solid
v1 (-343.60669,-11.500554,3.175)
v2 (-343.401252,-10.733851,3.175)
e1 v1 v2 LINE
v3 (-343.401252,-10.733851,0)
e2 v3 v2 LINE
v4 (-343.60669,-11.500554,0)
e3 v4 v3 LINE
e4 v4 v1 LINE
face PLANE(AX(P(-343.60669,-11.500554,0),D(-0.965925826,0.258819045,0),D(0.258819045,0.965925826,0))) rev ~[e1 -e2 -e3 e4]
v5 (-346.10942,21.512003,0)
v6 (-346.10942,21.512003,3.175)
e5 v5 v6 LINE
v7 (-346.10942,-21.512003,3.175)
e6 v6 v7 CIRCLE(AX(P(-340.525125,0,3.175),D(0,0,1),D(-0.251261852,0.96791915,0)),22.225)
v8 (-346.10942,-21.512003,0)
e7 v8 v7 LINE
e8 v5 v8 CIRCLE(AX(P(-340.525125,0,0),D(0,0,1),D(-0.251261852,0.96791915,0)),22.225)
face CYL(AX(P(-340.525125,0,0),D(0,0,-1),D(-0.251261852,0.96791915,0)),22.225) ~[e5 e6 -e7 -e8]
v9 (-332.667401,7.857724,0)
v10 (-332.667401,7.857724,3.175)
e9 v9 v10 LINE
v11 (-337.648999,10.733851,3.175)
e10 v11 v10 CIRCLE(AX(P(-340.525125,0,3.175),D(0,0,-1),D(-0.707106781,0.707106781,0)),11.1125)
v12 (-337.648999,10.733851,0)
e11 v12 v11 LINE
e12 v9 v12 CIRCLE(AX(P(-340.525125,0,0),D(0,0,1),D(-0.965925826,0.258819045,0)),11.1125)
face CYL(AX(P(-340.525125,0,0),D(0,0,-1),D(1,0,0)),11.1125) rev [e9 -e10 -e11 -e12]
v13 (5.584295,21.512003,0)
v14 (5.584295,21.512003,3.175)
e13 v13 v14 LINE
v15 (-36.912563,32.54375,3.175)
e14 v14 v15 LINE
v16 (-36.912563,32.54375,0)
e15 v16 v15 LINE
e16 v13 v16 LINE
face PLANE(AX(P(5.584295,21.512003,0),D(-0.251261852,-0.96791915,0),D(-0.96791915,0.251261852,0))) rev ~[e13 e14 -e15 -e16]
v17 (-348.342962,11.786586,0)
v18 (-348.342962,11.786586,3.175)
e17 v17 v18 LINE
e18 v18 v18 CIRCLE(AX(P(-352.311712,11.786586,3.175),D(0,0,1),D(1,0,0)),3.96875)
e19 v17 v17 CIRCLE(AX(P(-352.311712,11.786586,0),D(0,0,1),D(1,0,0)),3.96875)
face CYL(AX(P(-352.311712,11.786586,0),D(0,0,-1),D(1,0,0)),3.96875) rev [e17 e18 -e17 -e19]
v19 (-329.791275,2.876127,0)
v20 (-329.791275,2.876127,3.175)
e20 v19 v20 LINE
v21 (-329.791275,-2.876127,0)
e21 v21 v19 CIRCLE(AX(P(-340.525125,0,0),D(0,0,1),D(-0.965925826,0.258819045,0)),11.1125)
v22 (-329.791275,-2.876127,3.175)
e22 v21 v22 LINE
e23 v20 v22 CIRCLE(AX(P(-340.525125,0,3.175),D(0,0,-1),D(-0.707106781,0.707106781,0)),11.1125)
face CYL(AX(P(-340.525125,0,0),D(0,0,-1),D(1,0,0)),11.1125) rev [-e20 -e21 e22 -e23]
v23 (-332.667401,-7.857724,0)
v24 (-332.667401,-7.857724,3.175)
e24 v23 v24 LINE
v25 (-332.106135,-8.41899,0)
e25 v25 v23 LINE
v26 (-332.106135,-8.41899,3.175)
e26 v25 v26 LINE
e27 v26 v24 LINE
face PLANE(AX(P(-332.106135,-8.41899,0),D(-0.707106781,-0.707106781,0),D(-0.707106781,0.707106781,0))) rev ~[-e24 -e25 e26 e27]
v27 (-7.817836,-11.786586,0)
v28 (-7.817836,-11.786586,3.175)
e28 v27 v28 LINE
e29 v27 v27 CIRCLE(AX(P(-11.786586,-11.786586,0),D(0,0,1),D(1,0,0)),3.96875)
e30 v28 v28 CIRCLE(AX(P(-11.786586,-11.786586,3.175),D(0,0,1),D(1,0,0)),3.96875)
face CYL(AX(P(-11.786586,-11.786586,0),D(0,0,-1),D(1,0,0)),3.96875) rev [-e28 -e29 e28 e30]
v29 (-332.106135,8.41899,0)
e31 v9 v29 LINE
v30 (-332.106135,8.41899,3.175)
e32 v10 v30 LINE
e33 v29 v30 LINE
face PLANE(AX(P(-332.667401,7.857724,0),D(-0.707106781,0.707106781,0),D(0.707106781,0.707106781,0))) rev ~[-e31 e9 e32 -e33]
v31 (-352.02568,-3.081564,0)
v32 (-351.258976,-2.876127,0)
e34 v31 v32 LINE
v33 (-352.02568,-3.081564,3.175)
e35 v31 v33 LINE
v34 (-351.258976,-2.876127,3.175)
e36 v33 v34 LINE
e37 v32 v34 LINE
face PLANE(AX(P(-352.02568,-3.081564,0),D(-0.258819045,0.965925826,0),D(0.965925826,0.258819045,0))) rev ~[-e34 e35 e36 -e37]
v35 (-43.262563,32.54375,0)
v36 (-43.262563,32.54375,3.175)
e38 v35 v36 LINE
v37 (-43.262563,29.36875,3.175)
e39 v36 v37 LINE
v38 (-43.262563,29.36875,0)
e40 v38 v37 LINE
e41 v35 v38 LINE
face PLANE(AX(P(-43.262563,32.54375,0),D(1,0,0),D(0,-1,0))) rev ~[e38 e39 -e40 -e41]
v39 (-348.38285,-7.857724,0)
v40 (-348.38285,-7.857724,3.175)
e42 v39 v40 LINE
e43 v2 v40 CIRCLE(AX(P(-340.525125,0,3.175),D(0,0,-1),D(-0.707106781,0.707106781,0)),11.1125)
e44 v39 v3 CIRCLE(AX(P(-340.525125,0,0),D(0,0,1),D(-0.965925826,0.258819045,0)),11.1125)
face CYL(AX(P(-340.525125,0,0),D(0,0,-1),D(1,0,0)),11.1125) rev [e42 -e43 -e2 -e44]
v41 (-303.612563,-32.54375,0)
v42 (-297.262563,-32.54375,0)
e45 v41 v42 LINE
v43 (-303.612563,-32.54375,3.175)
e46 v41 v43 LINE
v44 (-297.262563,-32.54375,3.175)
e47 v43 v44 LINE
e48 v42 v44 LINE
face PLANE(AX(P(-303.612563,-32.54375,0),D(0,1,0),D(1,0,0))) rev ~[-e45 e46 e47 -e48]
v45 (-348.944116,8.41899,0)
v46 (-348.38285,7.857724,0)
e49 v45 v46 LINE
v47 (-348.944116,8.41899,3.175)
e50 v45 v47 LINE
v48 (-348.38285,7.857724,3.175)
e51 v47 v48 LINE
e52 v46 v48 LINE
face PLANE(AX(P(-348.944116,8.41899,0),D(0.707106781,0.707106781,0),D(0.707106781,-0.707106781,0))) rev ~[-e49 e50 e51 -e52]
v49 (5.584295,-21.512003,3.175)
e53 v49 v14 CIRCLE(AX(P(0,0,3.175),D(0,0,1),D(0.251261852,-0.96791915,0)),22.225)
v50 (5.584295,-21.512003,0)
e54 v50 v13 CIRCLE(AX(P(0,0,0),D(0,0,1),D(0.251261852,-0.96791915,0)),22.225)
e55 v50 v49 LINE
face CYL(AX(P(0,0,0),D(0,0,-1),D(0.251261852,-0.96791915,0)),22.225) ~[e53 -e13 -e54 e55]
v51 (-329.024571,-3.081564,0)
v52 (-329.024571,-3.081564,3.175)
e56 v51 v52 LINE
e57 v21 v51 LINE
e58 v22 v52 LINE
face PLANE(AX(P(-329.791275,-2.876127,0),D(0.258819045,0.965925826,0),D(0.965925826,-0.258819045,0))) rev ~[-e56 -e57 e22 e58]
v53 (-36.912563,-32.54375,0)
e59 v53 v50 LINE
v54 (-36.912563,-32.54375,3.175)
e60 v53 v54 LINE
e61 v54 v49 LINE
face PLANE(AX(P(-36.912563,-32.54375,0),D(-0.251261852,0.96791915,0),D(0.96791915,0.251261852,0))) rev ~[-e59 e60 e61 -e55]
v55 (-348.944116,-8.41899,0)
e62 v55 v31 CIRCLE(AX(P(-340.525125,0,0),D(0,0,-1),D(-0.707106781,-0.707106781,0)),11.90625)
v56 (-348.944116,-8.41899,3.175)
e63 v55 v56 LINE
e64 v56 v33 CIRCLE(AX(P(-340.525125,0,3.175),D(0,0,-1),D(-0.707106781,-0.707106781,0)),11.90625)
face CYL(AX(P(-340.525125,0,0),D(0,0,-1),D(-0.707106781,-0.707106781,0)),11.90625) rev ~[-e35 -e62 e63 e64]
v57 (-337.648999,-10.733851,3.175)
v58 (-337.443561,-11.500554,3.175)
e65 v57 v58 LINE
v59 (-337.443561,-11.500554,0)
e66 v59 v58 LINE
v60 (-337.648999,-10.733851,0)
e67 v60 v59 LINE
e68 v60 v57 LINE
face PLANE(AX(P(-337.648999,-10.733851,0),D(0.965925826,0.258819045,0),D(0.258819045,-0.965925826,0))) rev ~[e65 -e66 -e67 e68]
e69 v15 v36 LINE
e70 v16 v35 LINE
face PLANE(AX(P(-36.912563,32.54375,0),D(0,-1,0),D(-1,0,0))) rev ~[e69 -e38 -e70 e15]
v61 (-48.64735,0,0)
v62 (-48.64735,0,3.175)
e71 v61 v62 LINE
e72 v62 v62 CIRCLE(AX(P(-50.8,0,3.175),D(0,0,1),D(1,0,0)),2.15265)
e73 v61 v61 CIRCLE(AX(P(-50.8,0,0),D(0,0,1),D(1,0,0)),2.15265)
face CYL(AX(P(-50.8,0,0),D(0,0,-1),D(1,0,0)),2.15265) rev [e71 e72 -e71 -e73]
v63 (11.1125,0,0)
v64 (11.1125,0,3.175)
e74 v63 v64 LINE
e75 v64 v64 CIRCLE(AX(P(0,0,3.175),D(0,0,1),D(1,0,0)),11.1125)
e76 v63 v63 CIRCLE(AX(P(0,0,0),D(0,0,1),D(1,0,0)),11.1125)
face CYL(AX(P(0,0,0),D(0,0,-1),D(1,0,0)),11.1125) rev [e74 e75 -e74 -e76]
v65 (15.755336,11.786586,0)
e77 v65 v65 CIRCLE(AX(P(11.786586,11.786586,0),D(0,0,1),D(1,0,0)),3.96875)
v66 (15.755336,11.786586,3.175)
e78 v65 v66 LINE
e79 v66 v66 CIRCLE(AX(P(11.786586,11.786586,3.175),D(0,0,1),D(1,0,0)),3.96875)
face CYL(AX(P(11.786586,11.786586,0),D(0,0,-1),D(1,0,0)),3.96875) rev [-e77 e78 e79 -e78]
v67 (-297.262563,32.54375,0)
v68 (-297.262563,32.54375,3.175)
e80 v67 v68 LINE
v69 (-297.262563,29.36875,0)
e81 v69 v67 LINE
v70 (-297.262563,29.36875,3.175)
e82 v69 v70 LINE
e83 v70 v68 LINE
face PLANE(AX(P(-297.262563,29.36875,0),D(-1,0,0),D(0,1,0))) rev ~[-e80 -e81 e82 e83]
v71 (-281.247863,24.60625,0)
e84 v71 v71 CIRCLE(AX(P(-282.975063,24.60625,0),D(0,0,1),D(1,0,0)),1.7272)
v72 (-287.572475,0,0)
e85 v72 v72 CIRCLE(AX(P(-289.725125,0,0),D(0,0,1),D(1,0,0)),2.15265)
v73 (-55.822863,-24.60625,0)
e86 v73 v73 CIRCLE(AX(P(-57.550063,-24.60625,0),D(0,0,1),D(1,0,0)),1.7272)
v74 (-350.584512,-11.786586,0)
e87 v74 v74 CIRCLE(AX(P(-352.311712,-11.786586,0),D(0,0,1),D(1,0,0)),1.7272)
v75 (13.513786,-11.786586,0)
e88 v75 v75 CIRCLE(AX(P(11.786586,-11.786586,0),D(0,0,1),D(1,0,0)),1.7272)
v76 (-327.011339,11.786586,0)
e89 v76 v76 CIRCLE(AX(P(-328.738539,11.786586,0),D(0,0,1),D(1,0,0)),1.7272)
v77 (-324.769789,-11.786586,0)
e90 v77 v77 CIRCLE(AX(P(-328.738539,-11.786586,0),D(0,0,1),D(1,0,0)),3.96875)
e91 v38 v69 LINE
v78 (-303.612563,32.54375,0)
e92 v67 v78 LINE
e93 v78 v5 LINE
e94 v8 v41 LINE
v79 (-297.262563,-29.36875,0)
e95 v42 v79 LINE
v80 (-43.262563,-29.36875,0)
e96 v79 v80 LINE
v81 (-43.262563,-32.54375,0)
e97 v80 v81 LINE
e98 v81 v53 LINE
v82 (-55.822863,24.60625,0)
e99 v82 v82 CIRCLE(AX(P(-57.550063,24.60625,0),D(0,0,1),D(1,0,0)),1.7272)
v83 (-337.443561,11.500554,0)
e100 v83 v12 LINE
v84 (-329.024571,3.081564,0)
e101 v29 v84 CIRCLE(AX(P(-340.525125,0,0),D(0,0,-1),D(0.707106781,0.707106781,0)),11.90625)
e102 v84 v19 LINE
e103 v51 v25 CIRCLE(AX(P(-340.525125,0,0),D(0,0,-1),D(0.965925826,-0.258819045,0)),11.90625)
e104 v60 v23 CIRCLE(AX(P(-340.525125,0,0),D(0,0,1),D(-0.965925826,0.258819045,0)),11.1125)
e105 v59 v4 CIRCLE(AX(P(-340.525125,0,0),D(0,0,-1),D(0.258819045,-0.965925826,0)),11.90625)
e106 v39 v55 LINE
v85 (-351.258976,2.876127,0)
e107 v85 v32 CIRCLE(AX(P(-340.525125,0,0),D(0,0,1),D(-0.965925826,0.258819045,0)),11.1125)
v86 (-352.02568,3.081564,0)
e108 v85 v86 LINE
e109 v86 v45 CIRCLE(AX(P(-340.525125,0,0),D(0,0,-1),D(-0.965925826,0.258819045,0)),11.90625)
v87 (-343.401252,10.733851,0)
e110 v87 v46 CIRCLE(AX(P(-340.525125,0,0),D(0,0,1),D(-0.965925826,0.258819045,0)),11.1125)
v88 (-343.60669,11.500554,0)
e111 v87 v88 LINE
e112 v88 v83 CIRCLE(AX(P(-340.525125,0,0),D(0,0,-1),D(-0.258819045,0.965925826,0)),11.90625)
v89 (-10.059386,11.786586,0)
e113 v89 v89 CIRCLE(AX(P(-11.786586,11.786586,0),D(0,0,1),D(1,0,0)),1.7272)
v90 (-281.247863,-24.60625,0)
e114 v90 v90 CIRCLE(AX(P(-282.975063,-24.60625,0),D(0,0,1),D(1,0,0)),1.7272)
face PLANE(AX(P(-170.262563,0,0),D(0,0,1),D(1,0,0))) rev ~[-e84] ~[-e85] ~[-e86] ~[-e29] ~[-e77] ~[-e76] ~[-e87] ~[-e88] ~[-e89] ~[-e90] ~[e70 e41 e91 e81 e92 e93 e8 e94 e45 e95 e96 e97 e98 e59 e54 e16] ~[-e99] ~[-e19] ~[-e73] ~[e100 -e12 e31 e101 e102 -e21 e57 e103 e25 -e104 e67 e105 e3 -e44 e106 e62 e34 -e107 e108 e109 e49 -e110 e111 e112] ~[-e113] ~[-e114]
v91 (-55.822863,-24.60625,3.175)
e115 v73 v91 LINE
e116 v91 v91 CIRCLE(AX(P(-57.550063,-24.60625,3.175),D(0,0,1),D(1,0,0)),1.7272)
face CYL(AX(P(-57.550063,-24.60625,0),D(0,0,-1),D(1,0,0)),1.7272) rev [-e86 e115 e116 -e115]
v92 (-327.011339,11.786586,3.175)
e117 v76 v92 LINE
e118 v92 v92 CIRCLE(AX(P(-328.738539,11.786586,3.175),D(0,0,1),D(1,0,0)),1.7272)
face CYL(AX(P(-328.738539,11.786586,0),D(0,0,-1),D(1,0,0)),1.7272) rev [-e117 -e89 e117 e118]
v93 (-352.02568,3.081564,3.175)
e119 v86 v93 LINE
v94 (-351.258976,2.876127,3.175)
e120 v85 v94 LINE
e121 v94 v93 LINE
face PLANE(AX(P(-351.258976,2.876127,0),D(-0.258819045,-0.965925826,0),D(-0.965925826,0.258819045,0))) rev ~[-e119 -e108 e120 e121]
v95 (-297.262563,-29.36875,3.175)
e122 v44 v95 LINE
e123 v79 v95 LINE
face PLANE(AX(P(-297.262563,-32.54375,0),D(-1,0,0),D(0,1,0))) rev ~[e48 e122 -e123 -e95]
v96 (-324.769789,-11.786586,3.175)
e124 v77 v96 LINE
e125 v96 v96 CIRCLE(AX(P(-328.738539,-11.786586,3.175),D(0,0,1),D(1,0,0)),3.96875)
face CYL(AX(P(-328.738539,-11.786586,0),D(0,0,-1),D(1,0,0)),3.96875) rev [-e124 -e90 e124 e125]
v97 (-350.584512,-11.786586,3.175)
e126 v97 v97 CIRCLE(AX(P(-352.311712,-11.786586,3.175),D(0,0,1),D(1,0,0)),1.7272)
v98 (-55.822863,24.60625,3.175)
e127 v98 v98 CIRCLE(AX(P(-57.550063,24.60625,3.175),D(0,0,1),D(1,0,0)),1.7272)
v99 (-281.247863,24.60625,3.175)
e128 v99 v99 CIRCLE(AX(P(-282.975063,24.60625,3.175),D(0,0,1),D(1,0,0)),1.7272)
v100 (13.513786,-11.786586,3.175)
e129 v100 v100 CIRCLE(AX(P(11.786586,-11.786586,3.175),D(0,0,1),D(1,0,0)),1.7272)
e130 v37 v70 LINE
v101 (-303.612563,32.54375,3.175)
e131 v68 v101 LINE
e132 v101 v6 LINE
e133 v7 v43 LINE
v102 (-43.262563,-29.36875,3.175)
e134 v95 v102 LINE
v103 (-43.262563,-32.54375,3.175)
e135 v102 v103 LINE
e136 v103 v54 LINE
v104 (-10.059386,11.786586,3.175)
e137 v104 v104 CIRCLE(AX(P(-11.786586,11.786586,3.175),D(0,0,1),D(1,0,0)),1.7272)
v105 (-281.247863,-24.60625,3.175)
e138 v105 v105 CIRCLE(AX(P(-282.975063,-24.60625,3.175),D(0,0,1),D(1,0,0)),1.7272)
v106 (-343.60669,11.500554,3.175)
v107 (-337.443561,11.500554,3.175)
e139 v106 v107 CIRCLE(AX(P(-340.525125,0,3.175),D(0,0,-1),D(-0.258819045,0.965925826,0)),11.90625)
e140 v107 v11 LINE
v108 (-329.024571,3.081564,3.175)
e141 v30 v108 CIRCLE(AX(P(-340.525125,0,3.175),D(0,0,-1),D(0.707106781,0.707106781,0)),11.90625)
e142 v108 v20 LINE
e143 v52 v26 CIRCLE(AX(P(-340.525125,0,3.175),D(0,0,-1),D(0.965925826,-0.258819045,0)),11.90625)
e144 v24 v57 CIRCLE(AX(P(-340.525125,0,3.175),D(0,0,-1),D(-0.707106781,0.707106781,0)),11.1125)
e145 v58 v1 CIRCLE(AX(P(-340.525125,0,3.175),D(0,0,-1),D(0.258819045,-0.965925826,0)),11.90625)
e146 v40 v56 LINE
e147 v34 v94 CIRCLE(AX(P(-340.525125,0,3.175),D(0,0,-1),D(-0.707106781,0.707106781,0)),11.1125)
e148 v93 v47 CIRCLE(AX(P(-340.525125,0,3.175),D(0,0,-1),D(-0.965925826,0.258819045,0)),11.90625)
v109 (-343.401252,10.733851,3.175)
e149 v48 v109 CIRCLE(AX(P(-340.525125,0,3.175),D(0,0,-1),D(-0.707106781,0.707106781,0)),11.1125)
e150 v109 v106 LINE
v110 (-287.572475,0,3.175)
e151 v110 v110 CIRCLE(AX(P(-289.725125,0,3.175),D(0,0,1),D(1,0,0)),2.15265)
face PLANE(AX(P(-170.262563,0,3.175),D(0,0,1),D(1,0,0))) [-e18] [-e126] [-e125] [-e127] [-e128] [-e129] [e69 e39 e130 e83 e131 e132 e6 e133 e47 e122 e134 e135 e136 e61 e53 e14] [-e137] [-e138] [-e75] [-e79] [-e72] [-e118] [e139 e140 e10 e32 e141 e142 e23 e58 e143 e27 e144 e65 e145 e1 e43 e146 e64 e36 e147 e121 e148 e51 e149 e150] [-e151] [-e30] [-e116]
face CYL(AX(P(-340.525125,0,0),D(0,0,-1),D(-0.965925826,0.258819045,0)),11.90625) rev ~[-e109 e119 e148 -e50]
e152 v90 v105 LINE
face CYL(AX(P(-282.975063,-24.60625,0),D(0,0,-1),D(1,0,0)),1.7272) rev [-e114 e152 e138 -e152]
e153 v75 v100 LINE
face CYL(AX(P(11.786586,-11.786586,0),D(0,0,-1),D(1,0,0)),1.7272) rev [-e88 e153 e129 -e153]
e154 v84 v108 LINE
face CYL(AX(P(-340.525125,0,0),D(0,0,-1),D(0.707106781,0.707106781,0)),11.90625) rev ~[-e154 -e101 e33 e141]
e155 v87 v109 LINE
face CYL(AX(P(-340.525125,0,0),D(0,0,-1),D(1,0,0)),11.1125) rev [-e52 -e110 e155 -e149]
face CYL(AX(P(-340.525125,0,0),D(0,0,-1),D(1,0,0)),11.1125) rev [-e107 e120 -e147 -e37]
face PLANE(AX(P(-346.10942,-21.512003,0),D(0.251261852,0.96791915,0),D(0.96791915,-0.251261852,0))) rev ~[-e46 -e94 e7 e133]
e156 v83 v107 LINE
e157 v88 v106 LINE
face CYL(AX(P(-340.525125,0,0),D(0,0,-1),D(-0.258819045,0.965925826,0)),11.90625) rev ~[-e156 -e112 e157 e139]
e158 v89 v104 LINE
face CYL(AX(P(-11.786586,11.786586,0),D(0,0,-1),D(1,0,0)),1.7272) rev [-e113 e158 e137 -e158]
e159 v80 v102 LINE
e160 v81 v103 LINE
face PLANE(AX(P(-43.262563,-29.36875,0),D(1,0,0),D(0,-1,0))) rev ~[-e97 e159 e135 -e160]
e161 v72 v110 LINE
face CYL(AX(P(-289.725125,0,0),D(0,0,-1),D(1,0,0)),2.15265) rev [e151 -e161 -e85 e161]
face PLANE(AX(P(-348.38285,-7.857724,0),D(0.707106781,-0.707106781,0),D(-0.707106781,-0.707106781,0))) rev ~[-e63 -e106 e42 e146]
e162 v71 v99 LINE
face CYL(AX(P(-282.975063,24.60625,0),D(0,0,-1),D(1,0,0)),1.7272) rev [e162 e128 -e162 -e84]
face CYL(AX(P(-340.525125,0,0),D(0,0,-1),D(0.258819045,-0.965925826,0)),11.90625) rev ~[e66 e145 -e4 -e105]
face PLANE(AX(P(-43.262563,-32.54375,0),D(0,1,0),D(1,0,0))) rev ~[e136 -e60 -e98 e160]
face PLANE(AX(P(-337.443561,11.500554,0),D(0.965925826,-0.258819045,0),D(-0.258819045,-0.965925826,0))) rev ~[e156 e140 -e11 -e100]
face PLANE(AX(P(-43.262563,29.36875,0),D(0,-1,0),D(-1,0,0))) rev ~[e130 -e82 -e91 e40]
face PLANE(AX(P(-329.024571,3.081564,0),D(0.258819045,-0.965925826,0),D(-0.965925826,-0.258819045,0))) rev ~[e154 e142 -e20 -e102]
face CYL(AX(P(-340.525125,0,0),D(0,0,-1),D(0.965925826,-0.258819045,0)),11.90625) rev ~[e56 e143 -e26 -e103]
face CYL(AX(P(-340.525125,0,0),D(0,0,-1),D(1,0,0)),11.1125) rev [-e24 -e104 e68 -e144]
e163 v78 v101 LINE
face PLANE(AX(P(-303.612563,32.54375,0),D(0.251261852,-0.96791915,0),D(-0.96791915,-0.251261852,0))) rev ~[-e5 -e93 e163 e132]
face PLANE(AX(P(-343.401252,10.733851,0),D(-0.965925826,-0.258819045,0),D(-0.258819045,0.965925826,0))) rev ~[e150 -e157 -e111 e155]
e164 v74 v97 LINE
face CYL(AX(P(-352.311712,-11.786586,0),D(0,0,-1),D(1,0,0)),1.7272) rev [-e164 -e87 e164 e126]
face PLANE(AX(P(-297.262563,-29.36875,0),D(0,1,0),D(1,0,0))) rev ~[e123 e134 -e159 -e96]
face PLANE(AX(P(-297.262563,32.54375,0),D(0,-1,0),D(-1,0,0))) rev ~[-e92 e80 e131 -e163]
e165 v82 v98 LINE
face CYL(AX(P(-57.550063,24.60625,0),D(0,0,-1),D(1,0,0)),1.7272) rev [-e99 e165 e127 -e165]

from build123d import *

# Parameters (mm, degrees)
F0_R     = 1.7272
F0_R_2   = 3.96875
F0_R_3   = 11.1125
F0_R_4   = 2.15265
F1_DEPTH = 3.175
F3_DEPTH = 3.175
F4_COUNT = 6
F4_ANGLE = 300


with BuildPart() as f1:
    # F0 (on Top) → F1 (new body)
    with BuildSketch(Plane.XY):
        with BuildLine():
            Line((-303.6125627, 32.54375), (-346.1094200534, 21.5120031198))
            ThreePointArc((-346.1094200534, 21.5120031198), (-362.7501254, 0), (-346.1094200534, -21.5120031198))
            Line((-346.1094200534, -21.5120031198), (-303.6125627, -32.54375))
            Line((-303.6125627, -32.54375), (-297.2625627, -32.54375))
            Line((-297.2625627, -32.54375), (-297.2625627, -29.36875))
            Line((-297.2625627, -29.36875), (-43.2625627, -29.36875))
            Line((-43.2625627, -29.36875), (-43.2625627, -32.54375))
            Line((-43.2625627, -32.54375), (-36.9125627, -32.54375))
            Line((-36.9125627, -32.54375), (5.5842946534, -21.5120031198))
            ThreePointArc((5.5842946534, -21.5120031198), (22.225, 0), (5.5842946534, 21.5120031198))
            Line((5.5842946534, 21.5120031198), (-36.9125627, 32.54375))
            Line((-36.9125627, 32.54375), (-43.2625627, 32.54375))
            Line((-43.2625627, 32.54375), (-43.2625627, 29.36875))
            Line((-43.2625627, 29.36875), (-297.2625627, 29.36875))
            Line((-297.2625627, 29.36875), (-297.2625627, 32.54375))
            Line((-297.2625627, 32.54375), (-303.6125627, 32.54375))
        make_face()
        with Locations((-282.9750627, -24.60625)):
            Circle(F0_R, mode=Mode.SUBTRACT)
        with Locations((-352.3117115589, -11.7865861589)):
            Circle(F0_R, mode=Mode.SUBTRACT)
        with Locations((-328.7385392411, -11.7865861589)):
            Circle(F0_R_2, mode=Mode.SUBTRACT)
        with Locations((-57.5500627, -24.60625)):
            Circle(F0_R, mode=Mode.SUBTRACT)
        with Locations((-11.7865861589, -11.7865861589)):
            Circle(F0_R_2, mode=Mode.SUBTRACT)
        with Locations((11.7865861589, -11.7865861589)):
            Circle(F0_R, mode=Mode.SUBTRACT)
        with Locations((-340.5251254, 0)):
            Circle(F0_R_3, mode=Mode.SUBTRACT)
        with Locations((-289.7251254, 0)):
            Circle(F0_R_4, mode=Mode.SUBTRACT)
        with Locations((-352.3117115589, 11.7865861589)):
            Circle(F0_R_2, mode=Mode.SUBTRACT)
        with Locations((-328.7385392411, 11.7865861589)):
            Circle(F0_R, mode=Mode.SUBTRACT)
        with Locations((-282.9750627, 24.60625)):
            Circle(F0_R, mode=Mode.SUBTRACT)
        with Locations((-50.8, 0)):
            Circle(F0_R_4, mode=Mode.SUBTRACT)
        Circle(F0_R_3, mode=Mode.SUBTRACT)
        with Locations((-11.7865861589, 11.7865861589)):
            Circle(F0_R, mode=Mode.SUBTRACT)
        with Locations((11.7865861589, 11.7865861589)):
            Circle(F0_R_2, mode=Mode.SUBTRACT)
        with Locations((-57.5500627, 24.60625)):
            Circle(F0_R, mode=Mode.SUBTRACT)
    extrude(amount=F1_DEPTH)

    # F2 (on face) → F3 (cut, through all)
    with BuildSketch(Plane(origin=(0, 0, 0), x_dir=(1, 0, 0), z_dir=(0, 0, -1))):
        with BuildLine():
            ThreePointArc((-348.3828495059, -7.8577241059), (-350.1488326996, -5.55625), (-351.2589761446, -2.8761266387))
            Line((-351.2589761446, -2.8761266387), (-352.0256797693, -3.0815642558))
            ThreePointArc((-352.0256797693, -3.0815642558), (-350.8362403638, -5.953125), (-348.9441155135, -8.4189901135))
            Line((-348.9441155135, -8.4189901135), (-348.3828495059, -7.8577241059))
        make_face()
    f3 = extrude(amount=-F3_DEPTH, mode=Mode.SUBTRACT)

    # F4: F3 ×6 about axis
    f4_axis = Axis((-340.5251254, 0, 0), (0, 0, -1))
    for i in range(1, F4_COUNT):
        add(f3.rotate(f4_axis, i * F4_ANGLE / (F4_COUNT - 1)), mode=Mode.SUBTRACT)


solid = f1.part
